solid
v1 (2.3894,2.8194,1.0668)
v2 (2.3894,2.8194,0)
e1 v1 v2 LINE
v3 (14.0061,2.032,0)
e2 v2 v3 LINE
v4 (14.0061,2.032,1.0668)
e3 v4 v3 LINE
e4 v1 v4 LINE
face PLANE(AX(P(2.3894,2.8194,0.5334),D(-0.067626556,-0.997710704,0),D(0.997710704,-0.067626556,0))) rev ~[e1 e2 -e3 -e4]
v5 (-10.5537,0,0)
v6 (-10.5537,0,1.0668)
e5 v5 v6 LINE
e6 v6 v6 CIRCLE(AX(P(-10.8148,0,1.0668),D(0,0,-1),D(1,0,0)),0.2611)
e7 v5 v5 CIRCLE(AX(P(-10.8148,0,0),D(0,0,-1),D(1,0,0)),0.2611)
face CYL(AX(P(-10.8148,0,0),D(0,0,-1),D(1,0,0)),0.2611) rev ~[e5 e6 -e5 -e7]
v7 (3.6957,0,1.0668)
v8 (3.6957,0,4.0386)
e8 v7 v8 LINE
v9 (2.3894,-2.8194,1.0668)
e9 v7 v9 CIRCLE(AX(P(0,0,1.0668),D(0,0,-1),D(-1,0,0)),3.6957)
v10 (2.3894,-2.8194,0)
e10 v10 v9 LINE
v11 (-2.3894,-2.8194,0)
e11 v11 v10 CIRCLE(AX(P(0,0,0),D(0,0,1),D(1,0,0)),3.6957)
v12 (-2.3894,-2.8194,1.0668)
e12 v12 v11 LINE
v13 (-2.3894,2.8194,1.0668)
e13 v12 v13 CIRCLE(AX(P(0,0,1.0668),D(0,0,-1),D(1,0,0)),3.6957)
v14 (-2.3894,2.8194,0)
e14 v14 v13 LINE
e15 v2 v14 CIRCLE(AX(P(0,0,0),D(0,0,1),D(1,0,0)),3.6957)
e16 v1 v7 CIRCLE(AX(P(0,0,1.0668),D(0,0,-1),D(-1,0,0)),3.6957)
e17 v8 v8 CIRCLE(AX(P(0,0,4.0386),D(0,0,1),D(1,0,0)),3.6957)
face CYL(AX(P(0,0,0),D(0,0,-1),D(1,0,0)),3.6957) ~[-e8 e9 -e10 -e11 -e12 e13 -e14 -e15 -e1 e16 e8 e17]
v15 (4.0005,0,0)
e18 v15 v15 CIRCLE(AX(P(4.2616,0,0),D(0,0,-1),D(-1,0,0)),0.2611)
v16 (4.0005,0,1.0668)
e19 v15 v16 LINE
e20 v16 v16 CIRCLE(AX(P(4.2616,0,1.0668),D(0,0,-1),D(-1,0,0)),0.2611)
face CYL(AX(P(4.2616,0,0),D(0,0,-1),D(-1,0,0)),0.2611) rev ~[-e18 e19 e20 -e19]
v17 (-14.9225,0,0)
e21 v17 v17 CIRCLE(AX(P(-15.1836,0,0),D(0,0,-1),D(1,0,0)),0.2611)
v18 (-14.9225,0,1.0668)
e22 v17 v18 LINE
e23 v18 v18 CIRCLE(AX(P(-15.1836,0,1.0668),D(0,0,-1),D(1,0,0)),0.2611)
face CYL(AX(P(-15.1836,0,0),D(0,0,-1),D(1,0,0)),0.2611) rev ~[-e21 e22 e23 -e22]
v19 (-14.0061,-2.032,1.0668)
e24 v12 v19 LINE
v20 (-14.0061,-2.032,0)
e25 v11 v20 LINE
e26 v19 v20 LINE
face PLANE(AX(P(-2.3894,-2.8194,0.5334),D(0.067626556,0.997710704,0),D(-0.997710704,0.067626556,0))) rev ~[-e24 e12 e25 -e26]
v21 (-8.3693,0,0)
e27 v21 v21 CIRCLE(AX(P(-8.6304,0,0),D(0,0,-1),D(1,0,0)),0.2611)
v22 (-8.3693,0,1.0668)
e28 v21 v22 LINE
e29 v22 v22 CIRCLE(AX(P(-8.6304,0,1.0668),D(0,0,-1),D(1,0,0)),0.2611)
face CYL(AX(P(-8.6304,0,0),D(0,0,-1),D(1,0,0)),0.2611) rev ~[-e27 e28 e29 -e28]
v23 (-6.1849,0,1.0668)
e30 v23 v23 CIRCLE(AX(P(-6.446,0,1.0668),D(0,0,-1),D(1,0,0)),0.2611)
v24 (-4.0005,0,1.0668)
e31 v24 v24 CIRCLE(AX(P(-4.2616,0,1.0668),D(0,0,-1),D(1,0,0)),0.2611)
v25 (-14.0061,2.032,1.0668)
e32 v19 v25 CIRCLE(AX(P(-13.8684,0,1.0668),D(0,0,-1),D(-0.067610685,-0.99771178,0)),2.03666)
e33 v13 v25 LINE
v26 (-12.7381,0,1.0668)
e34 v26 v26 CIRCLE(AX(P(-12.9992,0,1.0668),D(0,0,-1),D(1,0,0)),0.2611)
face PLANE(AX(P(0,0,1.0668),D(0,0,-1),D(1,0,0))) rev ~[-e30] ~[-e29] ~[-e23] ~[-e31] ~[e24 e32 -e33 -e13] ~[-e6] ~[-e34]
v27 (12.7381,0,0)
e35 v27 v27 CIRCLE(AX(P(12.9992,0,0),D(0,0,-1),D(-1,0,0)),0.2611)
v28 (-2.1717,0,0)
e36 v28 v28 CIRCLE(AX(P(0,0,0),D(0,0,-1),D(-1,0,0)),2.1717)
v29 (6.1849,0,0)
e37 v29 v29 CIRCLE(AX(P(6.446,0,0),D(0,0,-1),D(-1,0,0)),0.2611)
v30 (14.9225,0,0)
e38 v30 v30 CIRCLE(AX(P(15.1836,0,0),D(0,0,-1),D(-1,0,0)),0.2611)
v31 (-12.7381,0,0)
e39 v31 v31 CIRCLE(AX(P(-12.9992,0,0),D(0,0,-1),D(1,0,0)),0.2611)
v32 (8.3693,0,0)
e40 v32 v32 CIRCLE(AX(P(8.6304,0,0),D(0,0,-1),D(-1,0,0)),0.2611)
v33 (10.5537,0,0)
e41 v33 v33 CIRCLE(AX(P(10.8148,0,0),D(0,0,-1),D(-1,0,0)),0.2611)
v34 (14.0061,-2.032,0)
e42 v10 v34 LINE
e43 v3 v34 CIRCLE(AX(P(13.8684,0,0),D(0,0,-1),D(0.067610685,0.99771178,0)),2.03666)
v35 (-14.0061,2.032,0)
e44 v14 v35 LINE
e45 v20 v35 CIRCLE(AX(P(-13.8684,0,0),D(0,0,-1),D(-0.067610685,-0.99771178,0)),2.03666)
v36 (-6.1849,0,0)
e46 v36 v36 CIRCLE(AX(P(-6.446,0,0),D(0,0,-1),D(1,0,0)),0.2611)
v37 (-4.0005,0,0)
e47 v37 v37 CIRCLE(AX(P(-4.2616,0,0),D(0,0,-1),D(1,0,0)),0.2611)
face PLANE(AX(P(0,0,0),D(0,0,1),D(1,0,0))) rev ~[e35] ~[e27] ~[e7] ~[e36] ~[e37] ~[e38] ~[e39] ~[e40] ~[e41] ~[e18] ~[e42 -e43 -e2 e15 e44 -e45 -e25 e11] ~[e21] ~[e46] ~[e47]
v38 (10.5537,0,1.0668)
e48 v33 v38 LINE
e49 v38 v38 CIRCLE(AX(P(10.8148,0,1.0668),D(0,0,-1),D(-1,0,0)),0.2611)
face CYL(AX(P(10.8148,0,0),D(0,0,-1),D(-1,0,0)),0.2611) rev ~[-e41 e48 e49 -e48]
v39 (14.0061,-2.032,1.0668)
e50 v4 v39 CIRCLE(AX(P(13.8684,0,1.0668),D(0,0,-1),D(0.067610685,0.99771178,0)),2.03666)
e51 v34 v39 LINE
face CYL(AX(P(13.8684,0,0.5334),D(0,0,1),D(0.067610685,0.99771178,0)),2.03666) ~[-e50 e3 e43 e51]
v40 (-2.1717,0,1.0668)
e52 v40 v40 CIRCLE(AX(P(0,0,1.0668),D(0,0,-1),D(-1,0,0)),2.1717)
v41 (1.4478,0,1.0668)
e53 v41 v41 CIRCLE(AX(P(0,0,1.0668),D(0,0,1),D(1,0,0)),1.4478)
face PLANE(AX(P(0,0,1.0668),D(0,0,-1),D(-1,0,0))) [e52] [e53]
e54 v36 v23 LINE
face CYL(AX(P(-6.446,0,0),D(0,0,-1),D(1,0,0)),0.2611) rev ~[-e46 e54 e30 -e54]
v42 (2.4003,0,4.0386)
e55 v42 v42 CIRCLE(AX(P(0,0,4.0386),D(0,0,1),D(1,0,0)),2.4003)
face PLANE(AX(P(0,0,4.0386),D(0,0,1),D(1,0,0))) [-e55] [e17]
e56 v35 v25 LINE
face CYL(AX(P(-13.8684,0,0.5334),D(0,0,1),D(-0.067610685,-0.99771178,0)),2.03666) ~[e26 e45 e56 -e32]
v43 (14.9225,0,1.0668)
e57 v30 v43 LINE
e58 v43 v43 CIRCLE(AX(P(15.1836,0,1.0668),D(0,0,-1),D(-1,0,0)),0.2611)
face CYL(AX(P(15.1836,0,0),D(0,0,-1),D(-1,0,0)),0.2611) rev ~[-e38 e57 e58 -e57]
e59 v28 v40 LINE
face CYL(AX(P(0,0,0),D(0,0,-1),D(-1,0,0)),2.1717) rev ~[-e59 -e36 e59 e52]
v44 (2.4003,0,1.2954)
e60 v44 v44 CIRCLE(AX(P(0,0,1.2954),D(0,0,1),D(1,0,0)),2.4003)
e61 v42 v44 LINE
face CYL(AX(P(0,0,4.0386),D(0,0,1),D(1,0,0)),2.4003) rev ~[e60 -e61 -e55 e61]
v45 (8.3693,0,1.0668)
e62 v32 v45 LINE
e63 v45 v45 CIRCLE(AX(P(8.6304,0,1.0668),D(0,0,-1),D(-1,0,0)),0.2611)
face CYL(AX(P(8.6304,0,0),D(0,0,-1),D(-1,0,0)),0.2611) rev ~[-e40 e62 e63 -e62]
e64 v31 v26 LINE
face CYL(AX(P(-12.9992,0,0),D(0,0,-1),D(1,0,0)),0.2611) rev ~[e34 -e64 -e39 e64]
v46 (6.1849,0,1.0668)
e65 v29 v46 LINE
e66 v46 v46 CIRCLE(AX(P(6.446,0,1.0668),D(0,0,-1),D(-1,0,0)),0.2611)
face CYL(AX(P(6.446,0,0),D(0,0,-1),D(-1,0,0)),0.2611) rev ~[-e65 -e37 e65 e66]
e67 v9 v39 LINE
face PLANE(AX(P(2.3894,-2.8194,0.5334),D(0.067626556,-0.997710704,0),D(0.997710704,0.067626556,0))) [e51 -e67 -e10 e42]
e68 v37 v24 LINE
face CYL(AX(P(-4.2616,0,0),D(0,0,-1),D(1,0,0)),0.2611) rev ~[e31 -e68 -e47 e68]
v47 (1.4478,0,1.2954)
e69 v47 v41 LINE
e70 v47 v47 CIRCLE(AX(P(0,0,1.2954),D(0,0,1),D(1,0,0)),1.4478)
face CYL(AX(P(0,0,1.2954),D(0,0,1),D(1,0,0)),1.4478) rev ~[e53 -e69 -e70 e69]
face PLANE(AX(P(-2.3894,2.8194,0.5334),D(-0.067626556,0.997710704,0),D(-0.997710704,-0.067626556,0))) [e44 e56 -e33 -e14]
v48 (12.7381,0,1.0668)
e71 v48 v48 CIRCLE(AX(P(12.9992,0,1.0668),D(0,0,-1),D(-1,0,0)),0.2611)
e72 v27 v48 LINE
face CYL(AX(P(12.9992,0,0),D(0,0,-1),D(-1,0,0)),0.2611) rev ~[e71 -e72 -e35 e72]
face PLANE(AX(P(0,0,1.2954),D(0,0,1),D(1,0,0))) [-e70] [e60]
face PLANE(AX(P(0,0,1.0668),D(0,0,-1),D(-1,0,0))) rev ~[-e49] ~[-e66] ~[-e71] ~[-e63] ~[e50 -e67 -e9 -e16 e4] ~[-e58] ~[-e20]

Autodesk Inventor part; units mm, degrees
ref_plane "YZ Plane" through (0, 0, 0) normal (1, 0, 0) x (0, 1, 0)
ref_plane "XZ Plane" through (0, 0, 0) normal (0, 1, 0) x (-1, 0, 0)
ref_plane "XY Plane" through (0, 0, 0) normal (0, 0, 1) x (1, 0, 0)
sketch "Sketch1" plane through (0, 0, 0) normal (0, 0, 1) x (1, 0, 0)
  circle A0 centre (0, 0) radius 3.6957
  dimension "d0" = 7.3914
extrude "Extrusion1" add sketch "Sketch1" along normal blind 4.0386
sketch "Sketch2" plane through (0, 0, 4.0386) normal (0, 0, 1) x (1, 0, 0)
  circle A0 centre (0, 0) radius 3.6957 projected
  circle A1 centre (0, 0) radius 2.4003
  dimension "d3" = 1.2954
extrude "Extrusion2" cut sketch "Sketch2" against normal blind 2.7432 contours A1
sketch "Sketch3" plane through (0, 0, 0) normal (0, 0, -1) x (-1, 0, 0)
  circle A0 centre (0, 0) radius 3.6957 projected
  circle A1 centre (0, 0) radius 2.1717
  dimension "d6" = 1.524
extrude "Extrusion3" cut sketch "Sketch3" against normal blind 1.0668 contours A1
sketch "Sketch4" plane through (0, 0, 1.2954) normal (0, 0, 1) x (1, 0, 0)
  circle A0 centre (0, 0) radius 2.4003 projected
  circle A1 centre (0, 0) radius 1.4478
  dimension "d9" = 2.8956
extrude "Extrusion4" cut sketch "Sketch4" against normal through all contours A1
ref_plane "Work Plane1" through (0, 0, 0.5334) normal (0, 0, -1) x (-1, 0, 0)
sketch "Sketch5" plane through (0, 0, 0.5334) normal (0, 0, -1) x (-1, 0, 0)
  circle A0 centre (0, 0) radius 3.6957 projected
  line L0 (-2.3894, 2.8194) -> (-14.0061, 2.032)
  line L1 (-2.3894, -2.8194) -> (-14.0061, -2.032)
  arc A1 (-14.0061, 2.032) -> (-14.0061, -2.032) centre (-13.8684, 0) ccw
  circle A2 centre (0, 0) radius 2.4003 projected
  line L2 (2.3894, 2.8194) -> (14.0061, 2.032)
  arc A3 (14.0061, -2.032) -> (14.0061, 2.032) centre (13.8684, 0) ccw
  line L3 (2.3894, -2.8194) -> (14.0061, -2.032)
  dimension "d12" = 5.6388
  dimension "d13" = 4.064
  dimension "d15" = 13.8684
  dimension "d28" = 360
extrude "Extrusion5" add sketch "Sketch5" along normal mid plane 1.0668 contours A0 L1 A1 L0
sketch "Sketch6" plane through (0, 0, 0) normal (0, 0, -1) x (-1, 0, 0)
  circle A0 centre (0, 0) radius 2.1717 projected
  circle A1 centre (-15.1836, 0) radius 0.2611
  circle A2 centre (-12.9992, 0) radius 0.2611
  circle A3 centre (-10.8148, 0) radius 0.2611
  circle A4 centre (-8.6304, 0) radius 0.2611
  circle A5 centre (-6.446, 0) radius 0.2611
  circle A6 centre (-4.2616, 0) radius 0.2611
  dimension "d18" = 1.8288
  dimension "d19" = 4.0132
  dimension "d20" = 2.1844
  dimension "d21" = 2.1844
  dimension "d22" = 2.1844
  dimension "d23" = 2.1844
extrude "Extrusion6" cut sketch "Sketch6" against normal through all contours A1 | A2 | A3 | A4 | A5 | A6
pattern_circular "Circular Pattern1" count 2 over 360 about axis through (0, 0, 0) along (0, 0, 1) of "Extrusion5", "Extrusion6"
properties part number "Servo Horn"
